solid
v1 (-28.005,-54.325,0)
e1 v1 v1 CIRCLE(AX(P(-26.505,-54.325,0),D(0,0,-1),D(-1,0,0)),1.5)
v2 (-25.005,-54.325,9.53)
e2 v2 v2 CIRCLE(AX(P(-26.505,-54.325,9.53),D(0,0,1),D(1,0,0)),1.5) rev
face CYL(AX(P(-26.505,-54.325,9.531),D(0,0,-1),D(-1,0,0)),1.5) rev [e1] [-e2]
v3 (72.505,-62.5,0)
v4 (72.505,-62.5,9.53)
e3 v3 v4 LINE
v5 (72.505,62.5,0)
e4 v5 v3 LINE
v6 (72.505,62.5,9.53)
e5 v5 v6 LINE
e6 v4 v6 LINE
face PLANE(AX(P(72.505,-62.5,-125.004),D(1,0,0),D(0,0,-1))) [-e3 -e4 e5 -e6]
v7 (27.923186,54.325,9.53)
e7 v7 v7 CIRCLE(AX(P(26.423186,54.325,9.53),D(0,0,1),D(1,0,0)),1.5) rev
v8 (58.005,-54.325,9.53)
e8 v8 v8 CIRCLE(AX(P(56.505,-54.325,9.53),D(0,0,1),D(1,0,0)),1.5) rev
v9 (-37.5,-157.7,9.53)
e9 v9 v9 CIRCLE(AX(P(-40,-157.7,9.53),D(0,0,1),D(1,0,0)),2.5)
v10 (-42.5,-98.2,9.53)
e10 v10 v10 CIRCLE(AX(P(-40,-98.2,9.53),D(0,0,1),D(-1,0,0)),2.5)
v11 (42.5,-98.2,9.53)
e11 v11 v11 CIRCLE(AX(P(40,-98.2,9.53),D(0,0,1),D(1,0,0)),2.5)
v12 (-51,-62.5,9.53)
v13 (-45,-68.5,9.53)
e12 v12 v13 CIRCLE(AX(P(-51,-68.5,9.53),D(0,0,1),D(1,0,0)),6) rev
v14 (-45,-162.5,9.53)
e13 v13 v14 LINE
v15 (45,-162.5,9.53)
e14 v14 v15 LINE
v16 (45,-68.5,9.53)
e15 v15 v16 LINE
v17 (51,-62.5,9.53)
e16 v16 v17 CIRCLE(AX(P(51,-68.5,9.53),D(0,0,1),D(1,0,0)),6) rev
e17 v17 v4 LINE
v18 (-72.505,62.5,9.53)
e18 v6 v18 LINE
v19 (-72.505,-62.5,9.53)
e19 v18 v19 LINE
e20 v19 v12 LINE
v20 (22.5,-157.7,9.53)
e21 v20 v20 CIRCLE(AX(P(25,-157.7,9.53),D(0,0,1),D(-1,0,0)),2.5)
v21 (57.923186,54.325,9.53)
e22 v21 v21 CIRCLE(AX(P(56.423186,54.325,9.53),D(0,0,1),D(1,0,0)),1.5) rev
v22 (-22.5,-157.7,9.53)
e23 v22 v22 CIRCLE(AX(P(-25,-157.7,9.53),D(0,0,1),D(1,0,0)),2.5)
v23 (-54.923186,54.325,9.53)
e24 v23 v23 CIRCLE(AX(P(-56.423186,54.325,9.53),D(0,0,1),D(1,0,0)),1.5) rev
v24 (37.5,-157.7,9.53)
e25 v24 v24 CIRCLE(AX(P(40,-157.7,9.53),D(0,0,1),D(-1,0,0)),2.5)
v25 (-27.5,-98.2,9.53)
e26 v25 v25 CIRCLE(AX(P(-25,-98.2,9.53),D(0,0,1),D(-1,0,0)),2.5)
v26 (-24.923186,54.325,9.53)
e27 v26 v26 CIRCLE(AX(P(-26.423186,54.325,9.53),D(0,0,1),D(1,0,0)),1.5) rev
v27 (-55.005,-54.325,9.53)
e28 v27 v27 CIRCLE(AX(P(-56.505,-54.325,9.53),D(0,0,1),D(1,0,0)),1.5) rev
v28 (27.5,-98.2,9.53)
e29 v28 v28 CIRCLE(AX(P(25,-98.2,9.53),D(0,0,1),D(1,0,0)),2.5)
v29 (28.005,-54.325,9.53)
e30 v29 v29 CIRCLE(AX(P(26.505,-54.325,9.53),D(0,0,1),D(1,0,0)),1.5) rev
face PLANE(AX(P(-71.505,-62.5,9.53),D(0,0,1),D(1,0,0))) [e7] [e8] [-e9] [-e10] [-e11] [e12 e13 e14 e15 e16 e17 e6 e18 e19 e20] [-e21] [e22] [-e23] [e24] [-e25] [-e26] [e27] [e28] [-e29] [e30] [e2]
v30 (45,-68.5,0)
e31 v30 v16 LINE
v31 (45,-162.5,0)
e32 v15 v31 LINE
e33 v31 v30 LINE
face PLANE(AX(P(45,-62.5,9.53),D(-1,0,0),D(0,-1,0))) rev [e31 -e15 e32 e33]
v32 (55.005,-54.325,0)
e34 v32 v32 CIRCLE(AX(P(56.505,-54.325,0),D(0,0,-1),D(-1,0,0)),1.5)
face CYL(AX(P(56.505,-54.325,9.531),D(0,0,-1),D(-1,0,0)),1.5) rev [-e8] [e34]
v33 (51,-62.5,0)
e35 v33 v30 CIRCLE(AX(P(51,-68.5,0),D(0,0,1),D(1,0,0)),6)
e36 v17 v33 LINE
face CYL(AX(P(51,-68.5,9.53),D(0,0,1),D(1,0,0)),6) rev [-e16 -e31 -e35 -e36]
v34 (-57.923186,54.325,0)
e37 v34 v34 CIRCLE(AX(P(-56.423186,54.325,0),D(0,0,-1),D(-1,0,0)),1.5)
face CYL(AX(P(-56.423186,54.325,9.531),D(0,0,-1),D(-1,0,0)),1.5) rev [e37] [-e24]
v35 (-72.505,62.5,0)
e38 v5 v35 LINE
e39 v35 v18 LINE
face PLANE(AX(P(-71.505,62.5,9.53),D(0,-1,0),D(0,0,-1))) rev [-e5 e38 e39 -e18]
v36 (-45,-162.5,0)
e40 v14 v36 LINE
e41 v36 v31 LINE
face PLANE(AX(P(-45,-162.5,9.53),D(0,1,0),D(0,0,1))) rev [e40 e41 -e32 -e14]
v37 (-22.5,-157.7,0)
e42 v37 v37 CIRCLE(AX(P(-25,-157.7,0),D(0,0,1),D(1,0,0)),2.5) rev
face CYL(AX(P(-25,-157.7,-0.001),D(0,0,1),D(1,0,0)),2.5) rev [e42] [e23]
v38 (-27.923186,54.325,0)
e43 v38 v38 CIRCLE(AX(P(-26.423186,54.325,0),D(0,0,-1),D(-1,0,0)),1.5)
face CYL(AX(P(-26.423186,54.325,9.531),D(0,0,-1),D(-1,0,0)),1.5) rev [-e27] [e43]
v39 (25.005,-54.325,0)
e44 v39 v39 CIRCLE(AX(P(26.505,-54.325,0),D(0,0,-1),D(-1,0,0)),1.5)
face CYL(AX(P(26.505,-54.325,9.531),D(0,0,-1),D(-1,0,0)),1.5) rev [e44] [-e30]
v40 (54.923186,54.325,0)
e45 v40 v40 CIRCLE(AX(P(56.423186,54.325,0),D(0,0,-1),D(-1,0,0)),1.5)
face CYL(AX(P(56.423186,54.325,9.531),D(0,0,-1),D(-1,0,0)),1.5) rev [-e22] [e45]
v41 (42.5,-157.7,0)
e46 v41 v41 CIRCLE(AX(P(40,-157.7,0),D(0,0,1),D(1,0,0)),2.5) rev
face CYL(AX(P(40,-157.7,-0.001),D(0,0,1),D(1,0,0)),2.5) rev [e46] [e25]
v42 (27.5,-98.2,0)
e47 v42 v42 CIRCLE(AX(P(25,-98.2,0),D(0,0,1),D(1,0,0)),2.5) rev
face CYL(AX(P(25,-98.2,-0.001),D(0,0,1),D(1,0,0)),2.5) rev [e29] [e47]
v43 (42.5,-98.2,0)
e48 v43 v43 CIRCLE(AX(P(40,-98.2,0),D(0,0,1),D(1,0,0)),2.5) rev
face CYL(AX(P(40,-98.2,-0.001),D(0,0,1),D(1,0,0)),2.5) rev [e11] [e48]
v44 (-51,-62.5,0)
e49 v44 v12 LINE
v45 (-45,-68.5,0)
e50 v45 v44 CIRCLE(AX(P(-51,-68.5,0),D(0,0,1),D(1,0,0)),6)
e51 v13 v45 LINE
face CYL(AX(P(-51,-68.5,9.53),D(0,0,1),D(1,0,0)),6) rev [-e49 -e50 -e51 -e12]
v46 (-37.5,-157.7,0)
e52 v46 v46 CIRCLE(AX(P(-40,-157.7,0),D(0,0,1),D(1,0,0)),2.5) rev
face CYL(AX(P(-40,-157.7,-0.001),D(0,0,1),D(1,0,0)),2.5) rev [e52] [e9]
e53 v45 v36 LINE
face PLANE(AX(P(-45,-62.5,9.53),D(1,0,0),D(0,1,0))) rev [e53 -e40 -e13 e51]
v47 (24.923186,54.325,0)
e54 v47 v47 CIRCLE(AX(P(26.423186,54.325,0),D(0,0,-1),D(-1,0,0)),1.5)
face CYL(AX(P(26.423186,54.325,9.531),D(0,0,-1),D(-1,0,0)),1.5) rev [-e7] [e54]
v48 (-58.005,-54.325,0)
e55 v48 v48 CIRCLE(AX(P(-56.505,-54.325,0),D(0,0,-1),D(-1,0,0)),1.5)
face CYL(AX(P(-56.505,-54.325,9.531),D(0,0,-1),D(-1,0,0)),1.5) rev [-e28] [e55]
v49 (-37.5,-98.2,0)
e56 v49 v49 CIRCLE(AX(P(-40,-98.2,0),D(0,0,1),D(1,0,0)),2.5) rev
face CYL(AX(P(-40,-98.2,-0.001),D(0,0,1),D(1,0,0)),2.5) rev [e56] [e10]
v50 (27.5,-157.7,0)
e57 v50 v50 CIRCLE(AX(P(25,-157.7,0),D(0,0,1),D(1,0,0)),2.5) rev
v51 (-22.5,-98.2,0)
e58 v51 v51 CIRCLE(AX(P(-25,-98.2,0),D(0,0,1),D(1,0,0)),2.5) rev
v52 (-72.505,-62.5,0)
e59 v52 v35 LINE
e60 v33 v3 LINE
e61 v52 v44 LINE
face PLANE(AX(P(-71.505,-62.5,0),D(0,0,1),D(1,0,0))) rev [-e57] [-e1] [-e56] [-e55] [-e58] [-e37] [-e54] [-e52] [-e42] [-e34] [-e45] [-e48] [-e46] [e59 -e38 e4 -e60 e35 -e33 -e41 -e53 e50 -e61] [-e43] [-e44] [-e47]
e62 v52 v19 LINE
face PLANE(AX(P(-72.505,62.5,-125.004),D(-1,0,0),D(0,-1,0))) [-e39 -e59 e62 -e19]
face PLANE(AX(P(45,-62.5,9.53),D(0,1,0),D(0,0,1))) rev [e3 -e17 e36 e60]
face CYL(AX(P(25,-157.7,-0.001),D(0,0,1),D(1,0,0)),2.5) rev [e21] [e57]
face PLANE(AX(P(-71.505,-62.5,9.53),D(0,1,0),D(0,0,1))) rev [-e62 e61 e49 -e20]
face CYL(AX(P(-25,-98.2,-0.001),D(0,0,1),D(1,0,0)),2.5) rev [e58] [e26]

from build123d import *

# Parameters (mm, degrees)
RESSALTO_EXTRUS_O1_DEPTH = 9.53
CORTE_EXTRUS_O1_REACH    = 179.792
ESBO_O2_R                = 2.5
CORTE_EXTRUS_O2_REACH    = 179.792
ESBO_O3_R                = 1.5
CROQUIS1_W               = 1
CROQUIS1_H               = 125
SALIENTE_EXTRUIR1_DEPTH  = 9.53
REDONDEO1_R              = 6


with BuildPart() as part:
    # Esboço1 → Ressalto-extrusão1 (new body)
    with BuildSketch(Plane.XY):
        Polygon((-71.505, 62.5), (71.505, 62.5), (71.505, -62.5), (45, -62.5), (45, -162.5), (-45, -162.5), (-45, -62.5), (-71.505, -62.5), align=None)
    extrude(amount=RESSALTO_EXTRUS_O1_DEPTH)

    # Esboço2 → Corte-extrusão1 (cut, up to next)
    with BuildSketch(Plane.XY.offset(9.53), mode=Mode.PRIVATE) as corte_extrus_o1_sk1:
        with Locations((-40, -157.7)):
            Circle(ESBO_O2_R)
    corte_extrus_o1_tool1 = extrude(corte_extrus_o1_sk1.sketch, amount=-CORTE_EXTRUS_O1_REACH, mode=Mode.PRIVATE) & part.part
    # Esboço2 → Corte-extrusão1 (cut, up to next)
    with BuildSketch(Plane.XY.offset(9.53), mode=Mode.PRIVATE) as corte_extrus_o1_sk2:
        with Locations((-25, -157.7)):
            Circle(ESBO_O2_R)
    corte_extrus_o1_tool2 = extrude(corte_extrus_o1_sk2.sketch, amount=-CORTE_EXTRUS_O1_REACH, mode=Mode.PRIVATE) & part.part
    # Esboço2 → Corte-extrusão1 (cut, up to next)
    with BuildSketch(Plane.XY.offset(9.53), mode=Mode.PRIVATE) as corte_extrus_o1_sk3:
        with Locations((25, -157.7)):
            Circle(ESBO_O2_R)
    corte_extrus_o1_tool3 = extrude(corte_extrus_o1_sk3.sketch, amount=-CORTE_EXTRUS_O1_REACH, mode=Mode.PRIVATE) & part.part
    # Esboço2 → Corte-extrusão1 (cut, up to next)
    with BuildSketch(Plane.XY.offset(9.53), mode=Mode.PRIVATE) as corte_extrus_o1_sk4:
        with Locations((40, -157.7)):
            Circle(ESBO_O2_R)
    corte_extrus_o1_tool4 = extrude(corte_extrus_o1_sk4.sketch, amount=-CORTE_EXTRUS_O1_REACH, mode=Mode.PRIVATE) & part.part
    # Esboço2 → Corte-extrusão1 (cut, up to next)
    with BuildSketch(Plane.XY.offset(9.53), mode=Mode.PRIVATE) as corte_extrus_o1_sk5:
        with Locations((40, -98.2)):
            Circle(ESBO_O2_R)
    corte_extrus_o1_tool5 = extrude(corte_extrus_o1_sk5.sketch, amount=-CORTE_EXTRUS_O1_REACH, mode=Mode.PRIVATE) & part.part
    # Esboço2 → Corte-extrusão1 (cut, up to next)
    with BuildSketch(Plane.XY.offset(9.53), mode=Mode.PRIVATE) as corte_extrus_o1_sk6:
        with Locations((25, -98.2)):
            Circle(ESBO_O2_R)
    corte_extrus_o1_tool6 = extrude(corte_extrus_o1_sk6.sketch, amount=-CORTE_EXTRUS_O1_REACH, mode=Mode.PRIVATE) & part.part
    # Esboço2 → Corte-extrusão1 (cut, up to next)
    with BuildSketch(Plane.XY.offset(9.53), mode=Mode.PRIVATE) as corte_extrus_o1_sk7:
        with Locations((-25, -98.2)):
            Circle(ESBO_O2_R)
    corte_extrus_o1_tool7 = extrude(corte_extrus_o1_sk7.sketch, amount=-CORTE_EXTRUS_O1_REACH, mode=Mode.PRIVATE) & part.part
    # Esboço2 → Corte-extrusão1 (cut, up to next)
    with BuildSketch(Plane.XY.offset(9.53), mode=Mode.PRIVATE) as corte_extrus_o1_sk8:
        with Locations((-40, -98.2)):
            Circle(ESBO_O2_R)
    corte_extrus_o1_tool8 = extrude(corte_extrus_o1_sk8.sketch, amount=-CORTE_EXTRUS_O1_REACH, mode=Mode.PRIVATE) & part.part
    add(corte_extrus_o1_tool1.solids().sort_by_distance((-40, -157.7, 9.53))[0], mode=Mode.SUBTRACT)
    add(corte_extrus_o1_tool2.solids().sort_by_distance((-25, -157.7, 9.53))[0], mode=Mode.SUBTRACT)
    add(corte_extrus_o1_tool3.solids().sort_by_distance((25, -157.7, 9.53))[0], mode=Mode.SUBTRACT)
    add(corte_extrus_o1_tool4.solids().sort_by_distance((40, -157.7, 9.53))[0], mode=Mode.SUBTRACT)
    add(corte_extrus_o1_tool5.solids().sort_by_distance((40, -98.2, 9.53))[0], mode=Mode.SUBTRACT)
    add(corte_extrus_o1_tool6.solids().sort_by_distance((25, -98.2, 9.53))[0], mode=Mode.SUBTRACT)
    add(corte_extrus_o1_tool7.solids().sort_by_distance((-25, -98.2, 9.53))[0], mode=Mode.SUBTRACT)
    add(corte_extrus_o1_tool8.solids().sort_by_distance((-40, -98.2, 9.53))[0], mode=Mode.SUBTRACT)

    # Esboço3 → Corte-extrusão2 (cut, up to next)
    with BuildSketch(Plane(origin=(0, 0, 0), x_dir=(-1, 0, 0), z_dir=(0, 0, -1)), mode=Mode.PRIVATE) as corte_extrus_o2_sk1:
        with Locations((56.505, -54.325)):
            Circle(ESBO_O3_R)
    corte_extrus_o2_tool1 = extrude(corte_extrus_o2_sk1.sketch, amount=-CORTE_EXTRUS_O2_REACH, mode=Mode.PRIVATE) & part.part
    # Esboço3 → Corte-extrusão2 (cut, up to next)
    with BuildSketch(Plane(origin=(0, 0, 0), x_dir=(-1, 0, 0), z_dir=(0, 0, -1)), mode=Mode.PRIVATE) as corte_extrus_o2_sk2:
        with Locations((26.505, -54.325)):
            Circle(ESBO_O3_R)
    corte_extrus_o2_tool2 = extrude(corte_extrus_o2_sk2.sketch, amount=-CORTE_EXTRUS_O2_REACH, mode=Mode.PRIVATE) & part.part
    # Esboço3 → Corte-extrusão2 (cut, up to next)
    with BuildSketch(Plane(origin=(0, 0, 0), x_dir=(-1, 0, 0), z_dir=(0, 0, -1)), mode=Mode.PRIVATE) as corte_extrus_o2_sk3:
        with Locations((-26.505, -54.325)):
            Circle(ESBO_O3_R)
    corte_extrus_o2_tool3 = extrude(corte_extrus_o2_sk3.sketch, amount=-CORTE_EXTRUS_O2_REACH, mode=Mode.PRIVATE) & part.part
    # Esboço3 → Corte-extrusão2 (cut, up to next)
    with BuildSketch(Plane(origin=(0, 0, 0), x_dir=(-1, 0, 0), z_dir=(0, 0, -1)), mode=Mode.PRIVATE) as corte_extrus_o2_sk4:
        with Locations((-56.505, -54.325)):
            Circle(ESBO_O3_R)
    corte_extrus_o2_tool4 = extrude(corte_extrus_o2_sk4.sketch, amount=-CORTE_EXTRUS_O2_REACH, mode=Mode.PRIVATE) & part.part
    # Esboço3 → Corte-extrusão2 (cut, up to next)
    with BuildSketch(Plane(origin=(0, 0, 0), x_dir=(-1, 0, 0), z_dir=(0, 0, -1)), mode=Mode.PRIVATE) as corte_extrus_o2_sk5:
        with Locations((-56.423186497, 54.325)):
            Circle(ESBO_O3_R)
    corte_extrus_o2_tool5 = extrude(corte_extrus_o2_sk5.sketch, amount=-CORTE_EXTRUS_O2_REACH, mode=Mode.PRIVATE) & part.part
    # Esboço3 → Corte-extrusão2 (cut, up to next)
    with BuildSketch(Plane(origin=(0, 0, 0), x_dir=(-1, 0, 0), z_dir=(0, 0, -1)), mode=Mode.PRIVATE) as corte_extrus_o2_sk6:
        with Locations((-26.423186497, 54.325)):
            Circle(ESBO_O3_R)
    corte_extrus_o2_tool6 = extrude(corte_extrus_o2_sk6.sketch, amount=-CORTE_EXTRUS_O2_REACH, mode=Mode.PRIVATE) & part.part
    # Esboço3 → Corte-extrusão2 (cut, up to next)
    with BuildSketch(Plane(origin=(0, 0, 0), x_dir=(-1, 0, 0), z_dir=(0, 0, -1)), mode=Mode.PRIVATE) as corte_extrus_o2_sk7:
        with Locations((56.423186497, 54.325)):
            Circle(ESBO_O3_R)
    corte_extrus_o2_tool7 = extrude(corte_extrus_o2_sk7.sketch, amount=-CORTE_EXTRUS_O2_REACH, mode=Mode.PRIVATE) & part.part
    # Esboço3 → Corte-extrusão2 (cut, up to next)
    with BuildSketch(Plane(origin=(0, 0, 0), x_dir=(-1, 0, 0), z_dir=(0, 0, -1)), mode=Mode.PRIVATE) as corte_extrus_o2_sk8:
        with Locations((26.423186497, 54.325)):
            Circle(ESBO_O3_R)
    corte_extrus_o2_tool8 = extrude(corte_extrus_o2_sk8.sketch, amount=-CORTE_EXTRUS_O2_REACH, mode=Mode.PRIVATE) & part.part
    add(corte_extrus_o2_tool1.solids().sort_by_distance((-56.505, -54.325, 0))[0], mode=Mode.SUBTRACT)
    add(corte_extrus_o2_tool2.solids().sort_by_distance((-26.505, -54.325, 0))[0], mode=Mode.SUBTRACT)
    add(corte_extrus_o2_tool3.solids().sort_by_distance((26.505, -54.325, 0))[0], mode=Mode.SUBTRACT)
    add(corte_extrus_o2_tool4.solids().sort_by_distance((56.505, -54.325, 0))[0], mode=Mode.SUBTRACT)
    add(corte_extrus_o2_tool5.solids().sort_by_distance((56.423186, 54.325, 0))[0], mode=Mode.SUBTRACT)
    add(corte_extrus_o2_tool6.solids().sort_by_distance((26.423186, 54.325, 0))[0], mode=Mode.SUBTRACT)
    add(corte_extrus_o2_tool7.solids().sort_by_distance((-56.423186, 54.325, 0))[0], mode=Mode.SUBTRACT)
    add(corte_extrus_o2_tool8.solids().sort_by_distance((-26.423186, 54.325, 0))[0], mode=Mode.SUBTRACT)

    # Croquis1 → Saliente-Extruir1 (add)
    with BuildSketch(Plane.XY.offset(9.53)):
        with Locations((-72.005, 0)):
            Rectangle(CROQUIS1_W, CROQUIS1_H)
        with Locations((72.005, 0)):
            Rectangle(CROQUIS1_W, CROQUIS1_H)
    extrude(amount=-SALIENTE_EXTRUIR1_DEPTH)

    # Redondeo1
    redondeo1_edges = [part.edges().sort_by_distance(p)[0] for p in [
        (45, -62.5, 4.765),
        (-45, -62.5, 4.765),
    ]]
    fillet(redondeo1_edges, radius=REDONDEO1_R)


solid = part.part
